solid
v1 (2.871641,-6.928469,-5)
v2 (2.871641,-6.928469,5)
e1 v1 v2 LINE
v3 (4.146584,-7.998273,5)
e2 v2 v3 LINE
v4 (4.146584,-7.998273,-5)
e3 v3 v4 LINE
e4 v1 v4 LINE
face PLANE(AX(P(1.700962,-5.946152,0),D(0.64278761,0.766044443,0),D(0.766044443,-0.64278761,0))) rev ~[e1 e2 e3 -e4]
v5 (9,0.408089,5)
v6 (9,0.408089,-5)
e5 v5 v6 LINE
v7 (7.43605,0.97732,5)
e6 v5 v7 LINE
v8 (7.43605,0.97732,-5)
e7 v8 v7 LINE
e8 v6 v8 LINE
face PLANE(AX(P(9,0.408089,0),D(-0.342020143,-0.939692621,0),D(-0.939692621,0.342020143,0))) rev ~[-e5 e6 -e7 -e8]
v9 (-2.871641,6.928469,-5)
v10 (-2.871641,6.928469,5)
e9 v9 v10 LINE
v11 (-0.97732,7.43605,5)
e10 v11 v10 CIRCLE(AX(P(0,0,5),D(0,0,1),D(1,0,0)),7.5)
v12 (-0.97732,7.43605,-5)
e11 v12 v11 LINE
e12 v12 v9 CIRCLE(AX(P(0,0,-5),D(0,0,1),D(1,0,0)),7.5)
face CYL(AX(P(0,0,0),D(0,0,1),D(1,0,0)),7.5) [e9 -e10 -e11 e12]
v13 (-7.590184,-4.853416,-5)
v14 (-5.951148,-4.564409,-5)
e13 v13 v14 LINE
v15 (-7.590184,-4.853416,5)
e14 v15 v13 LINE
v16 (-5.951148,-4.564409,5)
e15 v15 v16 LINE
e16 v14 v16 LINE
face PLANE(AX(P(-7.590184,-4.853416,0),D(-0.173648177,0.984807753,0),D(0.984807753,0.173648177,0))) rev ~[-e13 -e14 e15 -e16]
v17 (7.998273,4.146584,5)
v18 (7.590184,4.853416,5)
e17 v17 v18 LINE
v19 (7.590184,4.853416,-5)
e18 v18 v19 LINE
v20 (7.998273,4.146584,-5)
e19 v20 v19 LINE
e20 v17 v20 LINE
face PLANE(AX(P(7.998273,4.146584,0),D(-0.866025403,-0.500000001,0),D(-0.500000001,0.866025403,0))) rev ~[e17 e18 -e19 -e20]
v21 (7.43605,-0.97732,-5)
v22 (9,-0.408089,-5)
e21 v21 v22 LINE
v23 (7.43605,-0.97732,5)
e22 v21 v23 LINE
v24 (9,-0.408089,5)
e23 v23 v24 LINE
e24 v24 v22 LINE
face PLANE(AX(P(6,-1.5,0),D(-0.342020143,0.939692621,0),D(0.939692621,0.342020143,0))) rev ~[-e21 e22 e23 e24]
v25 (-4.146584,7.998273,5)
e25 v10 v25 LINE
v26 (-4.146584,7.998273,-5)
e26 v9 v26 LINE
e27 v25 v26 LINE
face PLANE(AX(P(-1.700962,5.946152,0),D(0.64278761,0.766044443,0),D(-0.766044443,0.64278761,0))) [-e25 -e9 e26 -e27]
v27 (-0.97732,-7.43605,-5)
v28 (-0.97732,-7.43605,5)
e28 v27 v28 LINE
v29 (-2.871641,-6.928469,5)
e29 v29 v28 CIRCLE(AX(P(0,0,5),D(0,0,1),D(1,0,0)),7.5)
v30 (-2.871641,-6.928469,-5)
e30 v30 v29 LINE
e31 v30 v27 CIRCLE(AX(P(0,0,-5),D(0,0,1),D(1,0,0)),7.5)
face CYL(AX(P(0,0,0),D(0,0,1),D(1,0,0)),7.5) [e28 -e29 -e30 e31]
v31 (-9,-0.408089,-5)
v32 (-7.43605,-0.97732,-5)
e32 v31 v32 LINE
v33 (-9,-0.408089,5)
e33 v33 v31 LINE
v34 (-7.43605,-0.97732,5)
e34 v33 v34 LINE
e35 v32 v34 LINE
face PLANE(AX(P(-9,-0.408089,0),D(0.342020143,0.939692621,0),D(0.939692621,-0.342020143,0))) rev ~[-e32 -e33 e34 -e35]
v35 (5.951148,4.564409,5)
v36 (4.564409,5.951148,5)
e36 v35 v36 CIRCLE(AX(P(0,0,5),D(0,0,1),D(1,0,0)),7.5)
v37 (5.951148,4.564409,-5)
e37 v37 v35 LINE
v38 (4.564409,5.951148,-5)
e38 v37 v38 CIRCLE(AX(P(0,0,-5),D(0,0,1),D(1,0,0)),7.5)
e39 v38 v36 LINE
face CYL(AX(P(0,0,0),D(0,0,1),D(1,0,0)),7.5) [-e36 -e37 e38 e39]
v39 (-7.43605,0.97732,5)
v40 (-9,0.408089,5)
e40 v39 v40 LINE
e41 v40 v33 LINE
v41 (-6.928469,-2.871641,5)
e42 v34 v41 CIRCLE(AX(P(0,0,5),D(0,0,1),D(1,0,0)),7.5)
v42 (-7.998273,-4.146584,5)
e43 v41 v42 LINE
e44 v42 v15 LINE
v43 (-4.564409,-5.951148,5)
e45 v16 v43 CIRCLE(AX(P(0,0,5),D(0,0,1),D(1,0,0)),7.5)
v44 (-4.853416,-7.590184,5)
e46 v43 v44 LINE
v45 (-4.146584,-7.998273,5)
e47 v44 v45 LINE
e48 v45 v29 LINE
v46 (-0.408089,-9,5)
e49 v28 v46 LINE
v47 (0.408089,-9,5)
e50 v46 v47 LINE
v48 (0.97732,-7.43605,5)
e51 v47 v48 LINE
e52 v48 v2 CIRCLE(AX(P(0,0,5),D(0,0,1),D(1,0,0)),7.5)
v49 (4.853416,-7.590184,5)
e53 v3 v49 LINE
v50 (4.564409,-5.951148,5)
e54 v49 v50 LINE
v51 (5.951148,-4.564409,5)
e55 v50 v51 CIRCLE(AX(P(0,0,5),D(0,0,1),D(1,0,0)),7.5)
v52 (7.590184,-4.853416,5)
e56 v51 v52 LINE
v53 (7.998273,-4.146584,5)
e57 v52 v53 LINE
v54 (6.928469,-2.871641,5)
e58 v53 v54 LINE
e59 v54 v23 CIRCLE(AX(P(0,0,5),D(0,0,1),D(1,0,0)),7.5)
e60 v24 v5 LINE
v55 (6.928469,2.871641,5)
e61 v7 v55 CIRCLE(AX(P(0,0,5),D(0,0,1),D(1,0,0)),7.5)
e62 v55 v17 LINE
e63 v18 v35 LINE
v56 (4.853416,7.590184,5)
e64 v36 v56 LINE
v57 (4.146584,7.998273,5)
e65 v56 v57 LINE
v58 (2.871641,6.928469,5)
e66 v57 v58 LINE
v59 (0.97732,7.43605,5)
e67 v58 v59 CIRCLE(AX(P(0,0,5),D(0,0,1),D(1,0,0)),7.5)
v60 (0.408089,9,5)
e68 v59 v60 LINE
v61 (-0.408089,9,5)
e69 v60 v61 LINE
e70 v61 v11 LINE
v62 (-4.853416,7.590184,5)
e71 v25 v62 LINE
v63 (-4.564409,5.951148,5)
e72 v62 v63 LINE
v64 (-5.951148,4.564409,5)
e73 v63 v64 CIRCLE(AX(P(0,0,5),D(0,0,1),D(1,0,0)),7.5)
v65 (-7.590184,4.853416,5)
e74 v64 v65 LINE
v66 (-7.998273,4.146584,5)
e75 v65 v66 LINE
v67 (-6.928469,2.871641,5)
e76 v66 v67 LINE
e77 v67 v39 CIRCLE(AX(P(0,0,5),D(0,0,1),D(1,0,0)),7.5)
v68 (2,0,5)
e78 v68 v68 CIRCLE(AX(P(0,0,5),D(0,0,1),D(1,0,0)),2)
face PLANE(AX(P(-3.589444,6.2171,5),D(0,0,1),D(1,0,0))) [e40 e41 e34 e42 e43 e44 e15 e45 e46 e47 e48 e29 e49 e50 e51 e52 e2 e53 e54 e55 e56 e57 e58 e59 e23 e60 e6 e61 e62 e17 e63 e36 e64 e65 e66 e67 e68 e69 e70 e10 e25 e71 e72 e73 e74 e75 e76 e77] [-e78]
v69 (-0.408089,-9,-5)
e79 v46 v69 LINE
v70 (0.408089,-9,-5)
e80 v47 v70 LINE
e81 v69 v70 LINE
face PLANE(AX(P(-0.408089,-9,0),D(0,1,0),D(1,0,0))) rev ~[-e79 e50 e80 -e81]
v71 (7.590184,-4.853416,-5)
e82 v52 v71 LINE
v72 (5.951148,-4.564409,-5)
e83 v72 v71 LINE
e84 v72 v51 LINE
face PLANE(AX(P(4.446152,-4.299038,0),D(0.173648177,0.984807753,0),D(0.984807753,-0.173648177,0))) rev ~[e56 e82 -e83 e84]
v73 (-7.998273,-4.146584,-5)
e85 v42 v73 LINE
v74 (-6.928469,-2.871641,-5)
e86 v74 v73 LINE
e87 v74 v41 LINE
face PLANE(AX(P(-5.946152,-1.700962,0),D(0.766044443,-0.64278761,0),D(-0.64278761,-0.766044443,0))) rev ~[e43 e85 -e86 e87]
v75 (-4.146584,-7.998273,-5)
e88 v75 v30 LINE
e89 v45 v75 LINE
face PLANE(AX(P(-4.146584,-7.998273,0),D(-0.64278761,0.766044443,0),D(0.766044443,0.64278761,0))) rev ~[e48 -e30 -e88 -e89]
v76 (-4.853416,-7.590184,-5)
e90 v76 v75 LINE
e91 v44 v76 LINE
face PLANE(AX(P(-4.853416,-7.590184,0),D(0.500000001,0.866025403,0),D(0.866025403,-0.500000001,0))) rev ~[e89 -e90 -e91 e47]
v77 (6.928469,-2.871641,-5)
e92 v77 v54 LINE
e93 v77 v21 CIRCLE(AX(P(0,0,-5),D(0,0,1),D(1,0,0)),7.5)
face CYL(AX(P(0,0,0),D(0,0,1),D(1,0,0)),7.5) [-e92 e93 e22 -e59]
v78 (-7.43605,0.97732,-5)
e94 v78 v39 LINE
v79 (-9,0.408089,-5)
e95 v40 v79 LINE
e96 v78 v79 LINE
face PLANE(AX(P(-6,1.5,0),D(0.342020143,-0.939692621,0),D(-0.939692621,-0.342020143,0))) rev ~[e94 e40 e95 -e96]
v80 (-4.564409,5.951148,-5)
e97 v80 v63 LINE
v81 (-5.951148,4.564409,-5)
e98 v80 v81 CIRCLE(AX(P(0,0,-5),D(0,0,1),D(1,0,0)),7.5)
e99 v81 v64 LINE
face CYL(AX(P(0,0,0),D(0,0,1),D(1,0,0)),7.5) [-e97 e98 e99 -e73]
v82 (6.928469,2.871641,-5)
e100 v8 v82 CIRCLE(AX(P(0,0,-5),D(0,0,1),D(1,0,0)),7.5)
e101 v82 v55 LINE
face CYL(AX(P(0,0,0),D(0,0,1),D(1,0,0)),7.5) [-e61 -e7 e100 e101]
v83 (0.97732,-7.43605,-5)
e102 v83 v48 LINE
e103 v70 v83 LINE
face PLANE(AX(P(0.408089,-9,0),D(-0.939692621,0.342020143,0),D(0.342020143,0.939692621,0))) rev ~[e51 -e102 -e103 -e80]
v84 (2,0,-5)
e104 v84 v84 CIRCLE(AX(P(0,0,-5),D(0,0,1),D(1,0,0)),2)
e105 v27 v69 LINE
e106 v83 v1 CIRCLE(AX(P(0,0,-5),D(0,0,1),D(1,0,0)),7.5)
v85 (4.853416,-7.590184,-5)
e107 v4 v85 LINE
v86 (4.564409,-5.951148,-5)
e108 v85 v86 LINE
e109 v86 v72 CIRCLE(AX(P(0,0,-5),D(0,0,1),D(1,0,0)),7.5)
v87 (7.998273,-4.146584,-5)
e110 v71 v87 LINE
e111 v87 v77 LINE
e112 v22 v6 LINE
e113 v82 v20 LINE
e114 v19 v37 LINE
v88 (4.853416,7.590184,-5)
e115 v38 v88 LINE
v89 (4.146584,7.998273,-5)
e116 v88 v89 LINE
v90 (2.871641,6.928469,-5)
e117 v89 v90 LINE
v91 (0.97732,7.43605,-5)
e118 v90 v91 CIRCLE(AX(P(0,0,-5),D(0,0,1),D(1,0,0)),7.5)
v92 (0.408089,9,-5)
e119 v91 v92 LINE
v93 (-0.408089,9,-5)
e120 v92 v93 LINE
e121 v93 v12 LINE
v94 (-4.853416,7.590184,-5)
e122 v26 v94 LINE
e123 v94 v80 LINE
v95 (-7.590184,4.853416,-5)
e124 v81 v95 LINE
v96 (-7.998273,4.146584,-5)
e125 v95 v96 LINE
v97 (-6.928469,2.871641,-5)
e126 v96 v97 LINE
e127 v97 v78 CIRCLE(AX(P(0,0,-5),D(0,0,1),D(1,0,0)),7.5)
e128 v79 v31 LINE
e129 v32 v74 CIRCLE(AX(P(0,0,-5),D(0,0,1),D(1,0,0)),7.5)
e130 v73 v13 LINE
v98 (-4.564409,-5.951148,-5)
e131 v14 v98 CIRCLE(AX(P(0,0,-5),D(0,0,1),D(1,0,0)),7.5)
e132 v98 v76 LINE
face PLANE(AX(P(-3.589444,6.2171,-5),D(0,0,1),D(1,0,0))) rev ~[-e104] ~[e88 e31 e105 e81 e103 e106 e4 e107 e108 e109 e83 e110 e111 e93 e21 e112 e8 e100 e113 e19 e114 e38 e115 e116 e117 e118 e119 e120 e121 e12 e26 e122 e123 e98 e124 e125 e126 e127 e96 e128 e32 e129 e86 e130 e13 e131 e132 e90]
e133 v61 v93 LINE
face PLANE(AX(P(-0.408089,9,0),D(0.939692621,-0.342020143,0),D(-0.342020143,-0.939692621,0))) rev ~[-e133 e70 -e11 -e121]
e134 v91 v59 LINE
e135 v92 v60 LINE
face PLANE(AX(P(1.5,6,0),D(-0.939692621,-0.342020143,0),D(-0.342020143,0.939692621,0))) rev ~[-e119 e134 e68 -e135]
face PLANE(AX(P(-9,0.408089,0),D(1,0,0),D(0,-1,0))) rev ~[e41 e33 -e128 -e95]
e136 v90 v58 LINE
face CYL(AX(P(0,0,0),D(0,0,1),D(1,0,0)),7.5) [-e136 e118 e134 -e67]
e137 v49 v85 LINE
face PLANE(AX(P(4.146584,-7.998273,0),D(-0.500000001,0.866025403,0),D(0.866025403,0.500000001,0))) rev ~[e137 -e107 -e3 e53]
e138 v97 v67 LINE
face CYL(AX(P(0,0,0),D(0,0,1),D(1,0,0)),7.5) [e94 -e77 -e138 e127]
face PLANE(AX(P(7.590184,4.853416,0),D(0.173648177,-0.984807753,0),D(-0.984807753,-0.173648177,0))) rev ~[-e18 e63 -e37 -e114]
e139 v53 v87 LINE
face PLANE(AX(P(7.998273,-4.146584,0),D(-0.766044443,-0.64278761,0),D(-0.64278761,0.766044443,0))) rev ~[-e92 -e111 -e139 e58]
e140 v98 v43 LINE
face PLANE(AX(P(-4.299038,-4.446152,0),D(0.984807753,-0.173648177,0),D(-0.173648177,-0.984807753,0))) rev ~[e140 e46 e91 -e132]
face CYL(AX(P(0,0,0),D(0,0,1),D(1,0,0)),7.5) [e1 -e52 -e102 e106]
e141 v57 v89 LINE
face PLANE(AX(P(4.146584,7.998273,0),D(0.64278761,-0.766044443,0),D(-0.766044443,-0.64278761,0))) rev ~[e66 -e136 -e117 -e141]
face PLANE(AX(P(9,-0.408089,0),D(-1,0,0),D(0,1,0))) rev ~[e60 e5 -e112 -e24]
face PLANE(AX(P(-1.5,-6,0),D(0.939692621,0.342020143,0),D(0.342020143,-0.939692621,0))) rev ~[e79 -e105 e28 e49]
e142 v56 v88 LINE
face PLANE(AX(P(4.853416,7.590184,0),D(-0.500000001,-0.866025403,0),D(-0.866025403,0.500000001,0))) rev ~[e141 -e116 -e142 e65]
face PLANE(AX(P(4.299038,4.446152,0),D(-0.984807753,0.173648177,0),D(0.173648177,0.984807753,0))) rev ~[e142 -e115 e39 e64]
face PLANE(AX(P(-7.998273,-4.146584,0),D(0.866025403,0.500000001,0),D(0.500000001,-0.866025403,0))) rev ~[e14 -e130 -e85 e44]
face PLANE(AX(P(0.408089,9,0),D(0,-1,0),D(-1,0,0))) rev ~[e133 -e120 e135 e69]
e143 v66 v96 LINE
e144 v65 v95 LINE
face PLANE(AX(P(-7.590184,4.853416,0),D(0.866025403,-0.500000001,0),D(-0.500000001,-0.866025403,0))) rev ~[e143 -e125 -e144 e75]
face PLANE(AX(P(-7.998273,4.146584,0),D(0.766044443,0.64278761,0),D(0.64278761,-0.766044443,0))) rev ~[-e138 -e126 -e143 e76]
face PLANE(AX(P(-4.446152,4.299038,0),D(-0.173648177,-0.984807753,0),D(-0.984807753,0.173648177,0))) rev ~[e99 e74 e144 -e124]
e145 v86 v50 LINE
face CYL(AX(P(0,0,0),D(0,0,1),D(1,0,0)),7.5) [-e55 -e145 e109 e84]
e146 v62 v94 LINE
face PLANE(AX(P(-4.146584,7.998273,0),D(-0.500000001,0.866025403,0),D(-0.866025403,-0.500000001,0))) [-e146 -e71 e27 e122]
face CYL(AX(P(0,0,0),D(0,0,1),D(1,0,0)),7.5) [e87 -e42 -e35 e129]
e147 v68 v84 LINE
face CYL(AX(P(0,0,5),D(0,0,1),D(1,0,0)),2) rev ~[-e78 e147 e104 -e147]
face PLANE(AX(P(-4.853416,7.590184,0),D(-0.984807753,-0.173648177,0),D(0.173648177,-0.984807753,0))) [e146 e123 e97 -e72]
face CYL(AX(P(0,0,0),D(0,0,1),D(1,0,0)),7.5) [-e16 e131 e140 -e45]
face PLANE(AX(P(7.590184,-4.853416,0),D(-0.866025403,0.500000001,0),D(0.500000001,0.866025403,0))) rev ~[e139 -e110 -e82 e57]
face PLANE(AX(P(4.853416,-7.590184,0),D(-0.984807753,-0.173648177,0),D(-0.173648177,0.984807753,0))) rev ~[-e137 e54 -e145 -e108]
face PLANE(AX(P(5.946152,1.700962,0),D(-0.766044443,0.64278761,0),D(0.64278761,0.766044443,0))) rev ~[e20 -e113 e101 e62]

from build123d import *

# Parameters (mm, degrees)
IZIM1_R                     = 7.5
Y_KSEKLIK_EKSTR_ZYON1_DEPTH = 5
Y_KSEKLIK_EKSTR_ZYON2_DEPTH = 5
IZIM3_R                     = 2
KES_EKSTR_ZYON1_DEPTH       = 11


with BuildPart() as part:
    # Çizim1 → Yükseklik-Ekstrüzyon1 (new body, symmetric)
    with BuildSketch(Plane.XY):
        Circle(IZIM1_R)
    extrude(amount=Y_KSEKLIK_EKSTR_ZYON1_DEPTH, both=True)

    # Çizim2 → Yükseklik-Ekstrüzyon2 (add, symmetric)
    with BuildSketch(Plane.XY):
        Polygon((-1.5, 6), (1.5, 6), (0.408089297, 9), (-0.408089297, 9), align=None)
        Polygon((4.146584302, 7.998273283), (1.700961894, 5.946152423), (4.299038106, 4.446152423), (4.853415698, 7.590183985), align=None)
        Polygon((7.590183985, 4.853415698), (4.446152423, 4.299038106), (5.946152423, 1.700961894), (7.998273283, 4.146584302), align=None)
        Polygon((9, 0.408089297), (6, 1.5), (6, -1.5), (9, -0.408089297), align=None)
        Polygon((7.998273283, -4.146584302), (5.946152423, -1.700961894), (4.446152423, -4.299038106), (7.590183985, -4.853415698), align=None)
        Polygon((4.853415698, -7.590183985), (4.299038106, -4.446152423), (1.700961894, -5.946152423), (4.146584302, -7.998273283), align=None)
        Polygon((0.408089297, -9), (1.5, -6), (-1.5, -6), (-0.408089297, -9), align=None)
        Polygon((-4.146584302, -7.998273283), (-1.700961894, -5.946152423), (-4.299038106, -4.446152423), (-4.853415698, -7.590183985), align=None)
        Polygon((-7.590183985, -4.853415698), (-4.446152423, -4.299038106), (-5.946152423, -1.700961894), (-7.998273283, -4.146584302), align=None)
        Polygon((-9, -0.408089297), (-6, -1.5), (-6, 1.5), (-9, 0.408089297), align=None)
        Polygon((-7.998273283, 4.146584302), (-5.946152423, 1.700961894), (-4.446152423, 4.299038106), (-7.590183985, 4.853415698), align=None)
        Polygon((-4.853415698, 7.590183985), (-4.299038106, 4.446152423), (-1.700961894, 5.946152423), (-4.146584302, 7.998273283), align=None)
    extrude(amount=Y_KSEKLIK_EKSTR_ZYON2_DEPTH, both=True)

    # Çizim3 → Kes-Ekstrüzyon1 (cut, through all)
    with BuildSketch(Plane.XY.offset(5)):
        Circle(IZIM3_R)
    extrude(amount=-KES_EKSTR_ZYON1_DEPTH, mode=Mode.SUBTRACT)


solid = part.part
